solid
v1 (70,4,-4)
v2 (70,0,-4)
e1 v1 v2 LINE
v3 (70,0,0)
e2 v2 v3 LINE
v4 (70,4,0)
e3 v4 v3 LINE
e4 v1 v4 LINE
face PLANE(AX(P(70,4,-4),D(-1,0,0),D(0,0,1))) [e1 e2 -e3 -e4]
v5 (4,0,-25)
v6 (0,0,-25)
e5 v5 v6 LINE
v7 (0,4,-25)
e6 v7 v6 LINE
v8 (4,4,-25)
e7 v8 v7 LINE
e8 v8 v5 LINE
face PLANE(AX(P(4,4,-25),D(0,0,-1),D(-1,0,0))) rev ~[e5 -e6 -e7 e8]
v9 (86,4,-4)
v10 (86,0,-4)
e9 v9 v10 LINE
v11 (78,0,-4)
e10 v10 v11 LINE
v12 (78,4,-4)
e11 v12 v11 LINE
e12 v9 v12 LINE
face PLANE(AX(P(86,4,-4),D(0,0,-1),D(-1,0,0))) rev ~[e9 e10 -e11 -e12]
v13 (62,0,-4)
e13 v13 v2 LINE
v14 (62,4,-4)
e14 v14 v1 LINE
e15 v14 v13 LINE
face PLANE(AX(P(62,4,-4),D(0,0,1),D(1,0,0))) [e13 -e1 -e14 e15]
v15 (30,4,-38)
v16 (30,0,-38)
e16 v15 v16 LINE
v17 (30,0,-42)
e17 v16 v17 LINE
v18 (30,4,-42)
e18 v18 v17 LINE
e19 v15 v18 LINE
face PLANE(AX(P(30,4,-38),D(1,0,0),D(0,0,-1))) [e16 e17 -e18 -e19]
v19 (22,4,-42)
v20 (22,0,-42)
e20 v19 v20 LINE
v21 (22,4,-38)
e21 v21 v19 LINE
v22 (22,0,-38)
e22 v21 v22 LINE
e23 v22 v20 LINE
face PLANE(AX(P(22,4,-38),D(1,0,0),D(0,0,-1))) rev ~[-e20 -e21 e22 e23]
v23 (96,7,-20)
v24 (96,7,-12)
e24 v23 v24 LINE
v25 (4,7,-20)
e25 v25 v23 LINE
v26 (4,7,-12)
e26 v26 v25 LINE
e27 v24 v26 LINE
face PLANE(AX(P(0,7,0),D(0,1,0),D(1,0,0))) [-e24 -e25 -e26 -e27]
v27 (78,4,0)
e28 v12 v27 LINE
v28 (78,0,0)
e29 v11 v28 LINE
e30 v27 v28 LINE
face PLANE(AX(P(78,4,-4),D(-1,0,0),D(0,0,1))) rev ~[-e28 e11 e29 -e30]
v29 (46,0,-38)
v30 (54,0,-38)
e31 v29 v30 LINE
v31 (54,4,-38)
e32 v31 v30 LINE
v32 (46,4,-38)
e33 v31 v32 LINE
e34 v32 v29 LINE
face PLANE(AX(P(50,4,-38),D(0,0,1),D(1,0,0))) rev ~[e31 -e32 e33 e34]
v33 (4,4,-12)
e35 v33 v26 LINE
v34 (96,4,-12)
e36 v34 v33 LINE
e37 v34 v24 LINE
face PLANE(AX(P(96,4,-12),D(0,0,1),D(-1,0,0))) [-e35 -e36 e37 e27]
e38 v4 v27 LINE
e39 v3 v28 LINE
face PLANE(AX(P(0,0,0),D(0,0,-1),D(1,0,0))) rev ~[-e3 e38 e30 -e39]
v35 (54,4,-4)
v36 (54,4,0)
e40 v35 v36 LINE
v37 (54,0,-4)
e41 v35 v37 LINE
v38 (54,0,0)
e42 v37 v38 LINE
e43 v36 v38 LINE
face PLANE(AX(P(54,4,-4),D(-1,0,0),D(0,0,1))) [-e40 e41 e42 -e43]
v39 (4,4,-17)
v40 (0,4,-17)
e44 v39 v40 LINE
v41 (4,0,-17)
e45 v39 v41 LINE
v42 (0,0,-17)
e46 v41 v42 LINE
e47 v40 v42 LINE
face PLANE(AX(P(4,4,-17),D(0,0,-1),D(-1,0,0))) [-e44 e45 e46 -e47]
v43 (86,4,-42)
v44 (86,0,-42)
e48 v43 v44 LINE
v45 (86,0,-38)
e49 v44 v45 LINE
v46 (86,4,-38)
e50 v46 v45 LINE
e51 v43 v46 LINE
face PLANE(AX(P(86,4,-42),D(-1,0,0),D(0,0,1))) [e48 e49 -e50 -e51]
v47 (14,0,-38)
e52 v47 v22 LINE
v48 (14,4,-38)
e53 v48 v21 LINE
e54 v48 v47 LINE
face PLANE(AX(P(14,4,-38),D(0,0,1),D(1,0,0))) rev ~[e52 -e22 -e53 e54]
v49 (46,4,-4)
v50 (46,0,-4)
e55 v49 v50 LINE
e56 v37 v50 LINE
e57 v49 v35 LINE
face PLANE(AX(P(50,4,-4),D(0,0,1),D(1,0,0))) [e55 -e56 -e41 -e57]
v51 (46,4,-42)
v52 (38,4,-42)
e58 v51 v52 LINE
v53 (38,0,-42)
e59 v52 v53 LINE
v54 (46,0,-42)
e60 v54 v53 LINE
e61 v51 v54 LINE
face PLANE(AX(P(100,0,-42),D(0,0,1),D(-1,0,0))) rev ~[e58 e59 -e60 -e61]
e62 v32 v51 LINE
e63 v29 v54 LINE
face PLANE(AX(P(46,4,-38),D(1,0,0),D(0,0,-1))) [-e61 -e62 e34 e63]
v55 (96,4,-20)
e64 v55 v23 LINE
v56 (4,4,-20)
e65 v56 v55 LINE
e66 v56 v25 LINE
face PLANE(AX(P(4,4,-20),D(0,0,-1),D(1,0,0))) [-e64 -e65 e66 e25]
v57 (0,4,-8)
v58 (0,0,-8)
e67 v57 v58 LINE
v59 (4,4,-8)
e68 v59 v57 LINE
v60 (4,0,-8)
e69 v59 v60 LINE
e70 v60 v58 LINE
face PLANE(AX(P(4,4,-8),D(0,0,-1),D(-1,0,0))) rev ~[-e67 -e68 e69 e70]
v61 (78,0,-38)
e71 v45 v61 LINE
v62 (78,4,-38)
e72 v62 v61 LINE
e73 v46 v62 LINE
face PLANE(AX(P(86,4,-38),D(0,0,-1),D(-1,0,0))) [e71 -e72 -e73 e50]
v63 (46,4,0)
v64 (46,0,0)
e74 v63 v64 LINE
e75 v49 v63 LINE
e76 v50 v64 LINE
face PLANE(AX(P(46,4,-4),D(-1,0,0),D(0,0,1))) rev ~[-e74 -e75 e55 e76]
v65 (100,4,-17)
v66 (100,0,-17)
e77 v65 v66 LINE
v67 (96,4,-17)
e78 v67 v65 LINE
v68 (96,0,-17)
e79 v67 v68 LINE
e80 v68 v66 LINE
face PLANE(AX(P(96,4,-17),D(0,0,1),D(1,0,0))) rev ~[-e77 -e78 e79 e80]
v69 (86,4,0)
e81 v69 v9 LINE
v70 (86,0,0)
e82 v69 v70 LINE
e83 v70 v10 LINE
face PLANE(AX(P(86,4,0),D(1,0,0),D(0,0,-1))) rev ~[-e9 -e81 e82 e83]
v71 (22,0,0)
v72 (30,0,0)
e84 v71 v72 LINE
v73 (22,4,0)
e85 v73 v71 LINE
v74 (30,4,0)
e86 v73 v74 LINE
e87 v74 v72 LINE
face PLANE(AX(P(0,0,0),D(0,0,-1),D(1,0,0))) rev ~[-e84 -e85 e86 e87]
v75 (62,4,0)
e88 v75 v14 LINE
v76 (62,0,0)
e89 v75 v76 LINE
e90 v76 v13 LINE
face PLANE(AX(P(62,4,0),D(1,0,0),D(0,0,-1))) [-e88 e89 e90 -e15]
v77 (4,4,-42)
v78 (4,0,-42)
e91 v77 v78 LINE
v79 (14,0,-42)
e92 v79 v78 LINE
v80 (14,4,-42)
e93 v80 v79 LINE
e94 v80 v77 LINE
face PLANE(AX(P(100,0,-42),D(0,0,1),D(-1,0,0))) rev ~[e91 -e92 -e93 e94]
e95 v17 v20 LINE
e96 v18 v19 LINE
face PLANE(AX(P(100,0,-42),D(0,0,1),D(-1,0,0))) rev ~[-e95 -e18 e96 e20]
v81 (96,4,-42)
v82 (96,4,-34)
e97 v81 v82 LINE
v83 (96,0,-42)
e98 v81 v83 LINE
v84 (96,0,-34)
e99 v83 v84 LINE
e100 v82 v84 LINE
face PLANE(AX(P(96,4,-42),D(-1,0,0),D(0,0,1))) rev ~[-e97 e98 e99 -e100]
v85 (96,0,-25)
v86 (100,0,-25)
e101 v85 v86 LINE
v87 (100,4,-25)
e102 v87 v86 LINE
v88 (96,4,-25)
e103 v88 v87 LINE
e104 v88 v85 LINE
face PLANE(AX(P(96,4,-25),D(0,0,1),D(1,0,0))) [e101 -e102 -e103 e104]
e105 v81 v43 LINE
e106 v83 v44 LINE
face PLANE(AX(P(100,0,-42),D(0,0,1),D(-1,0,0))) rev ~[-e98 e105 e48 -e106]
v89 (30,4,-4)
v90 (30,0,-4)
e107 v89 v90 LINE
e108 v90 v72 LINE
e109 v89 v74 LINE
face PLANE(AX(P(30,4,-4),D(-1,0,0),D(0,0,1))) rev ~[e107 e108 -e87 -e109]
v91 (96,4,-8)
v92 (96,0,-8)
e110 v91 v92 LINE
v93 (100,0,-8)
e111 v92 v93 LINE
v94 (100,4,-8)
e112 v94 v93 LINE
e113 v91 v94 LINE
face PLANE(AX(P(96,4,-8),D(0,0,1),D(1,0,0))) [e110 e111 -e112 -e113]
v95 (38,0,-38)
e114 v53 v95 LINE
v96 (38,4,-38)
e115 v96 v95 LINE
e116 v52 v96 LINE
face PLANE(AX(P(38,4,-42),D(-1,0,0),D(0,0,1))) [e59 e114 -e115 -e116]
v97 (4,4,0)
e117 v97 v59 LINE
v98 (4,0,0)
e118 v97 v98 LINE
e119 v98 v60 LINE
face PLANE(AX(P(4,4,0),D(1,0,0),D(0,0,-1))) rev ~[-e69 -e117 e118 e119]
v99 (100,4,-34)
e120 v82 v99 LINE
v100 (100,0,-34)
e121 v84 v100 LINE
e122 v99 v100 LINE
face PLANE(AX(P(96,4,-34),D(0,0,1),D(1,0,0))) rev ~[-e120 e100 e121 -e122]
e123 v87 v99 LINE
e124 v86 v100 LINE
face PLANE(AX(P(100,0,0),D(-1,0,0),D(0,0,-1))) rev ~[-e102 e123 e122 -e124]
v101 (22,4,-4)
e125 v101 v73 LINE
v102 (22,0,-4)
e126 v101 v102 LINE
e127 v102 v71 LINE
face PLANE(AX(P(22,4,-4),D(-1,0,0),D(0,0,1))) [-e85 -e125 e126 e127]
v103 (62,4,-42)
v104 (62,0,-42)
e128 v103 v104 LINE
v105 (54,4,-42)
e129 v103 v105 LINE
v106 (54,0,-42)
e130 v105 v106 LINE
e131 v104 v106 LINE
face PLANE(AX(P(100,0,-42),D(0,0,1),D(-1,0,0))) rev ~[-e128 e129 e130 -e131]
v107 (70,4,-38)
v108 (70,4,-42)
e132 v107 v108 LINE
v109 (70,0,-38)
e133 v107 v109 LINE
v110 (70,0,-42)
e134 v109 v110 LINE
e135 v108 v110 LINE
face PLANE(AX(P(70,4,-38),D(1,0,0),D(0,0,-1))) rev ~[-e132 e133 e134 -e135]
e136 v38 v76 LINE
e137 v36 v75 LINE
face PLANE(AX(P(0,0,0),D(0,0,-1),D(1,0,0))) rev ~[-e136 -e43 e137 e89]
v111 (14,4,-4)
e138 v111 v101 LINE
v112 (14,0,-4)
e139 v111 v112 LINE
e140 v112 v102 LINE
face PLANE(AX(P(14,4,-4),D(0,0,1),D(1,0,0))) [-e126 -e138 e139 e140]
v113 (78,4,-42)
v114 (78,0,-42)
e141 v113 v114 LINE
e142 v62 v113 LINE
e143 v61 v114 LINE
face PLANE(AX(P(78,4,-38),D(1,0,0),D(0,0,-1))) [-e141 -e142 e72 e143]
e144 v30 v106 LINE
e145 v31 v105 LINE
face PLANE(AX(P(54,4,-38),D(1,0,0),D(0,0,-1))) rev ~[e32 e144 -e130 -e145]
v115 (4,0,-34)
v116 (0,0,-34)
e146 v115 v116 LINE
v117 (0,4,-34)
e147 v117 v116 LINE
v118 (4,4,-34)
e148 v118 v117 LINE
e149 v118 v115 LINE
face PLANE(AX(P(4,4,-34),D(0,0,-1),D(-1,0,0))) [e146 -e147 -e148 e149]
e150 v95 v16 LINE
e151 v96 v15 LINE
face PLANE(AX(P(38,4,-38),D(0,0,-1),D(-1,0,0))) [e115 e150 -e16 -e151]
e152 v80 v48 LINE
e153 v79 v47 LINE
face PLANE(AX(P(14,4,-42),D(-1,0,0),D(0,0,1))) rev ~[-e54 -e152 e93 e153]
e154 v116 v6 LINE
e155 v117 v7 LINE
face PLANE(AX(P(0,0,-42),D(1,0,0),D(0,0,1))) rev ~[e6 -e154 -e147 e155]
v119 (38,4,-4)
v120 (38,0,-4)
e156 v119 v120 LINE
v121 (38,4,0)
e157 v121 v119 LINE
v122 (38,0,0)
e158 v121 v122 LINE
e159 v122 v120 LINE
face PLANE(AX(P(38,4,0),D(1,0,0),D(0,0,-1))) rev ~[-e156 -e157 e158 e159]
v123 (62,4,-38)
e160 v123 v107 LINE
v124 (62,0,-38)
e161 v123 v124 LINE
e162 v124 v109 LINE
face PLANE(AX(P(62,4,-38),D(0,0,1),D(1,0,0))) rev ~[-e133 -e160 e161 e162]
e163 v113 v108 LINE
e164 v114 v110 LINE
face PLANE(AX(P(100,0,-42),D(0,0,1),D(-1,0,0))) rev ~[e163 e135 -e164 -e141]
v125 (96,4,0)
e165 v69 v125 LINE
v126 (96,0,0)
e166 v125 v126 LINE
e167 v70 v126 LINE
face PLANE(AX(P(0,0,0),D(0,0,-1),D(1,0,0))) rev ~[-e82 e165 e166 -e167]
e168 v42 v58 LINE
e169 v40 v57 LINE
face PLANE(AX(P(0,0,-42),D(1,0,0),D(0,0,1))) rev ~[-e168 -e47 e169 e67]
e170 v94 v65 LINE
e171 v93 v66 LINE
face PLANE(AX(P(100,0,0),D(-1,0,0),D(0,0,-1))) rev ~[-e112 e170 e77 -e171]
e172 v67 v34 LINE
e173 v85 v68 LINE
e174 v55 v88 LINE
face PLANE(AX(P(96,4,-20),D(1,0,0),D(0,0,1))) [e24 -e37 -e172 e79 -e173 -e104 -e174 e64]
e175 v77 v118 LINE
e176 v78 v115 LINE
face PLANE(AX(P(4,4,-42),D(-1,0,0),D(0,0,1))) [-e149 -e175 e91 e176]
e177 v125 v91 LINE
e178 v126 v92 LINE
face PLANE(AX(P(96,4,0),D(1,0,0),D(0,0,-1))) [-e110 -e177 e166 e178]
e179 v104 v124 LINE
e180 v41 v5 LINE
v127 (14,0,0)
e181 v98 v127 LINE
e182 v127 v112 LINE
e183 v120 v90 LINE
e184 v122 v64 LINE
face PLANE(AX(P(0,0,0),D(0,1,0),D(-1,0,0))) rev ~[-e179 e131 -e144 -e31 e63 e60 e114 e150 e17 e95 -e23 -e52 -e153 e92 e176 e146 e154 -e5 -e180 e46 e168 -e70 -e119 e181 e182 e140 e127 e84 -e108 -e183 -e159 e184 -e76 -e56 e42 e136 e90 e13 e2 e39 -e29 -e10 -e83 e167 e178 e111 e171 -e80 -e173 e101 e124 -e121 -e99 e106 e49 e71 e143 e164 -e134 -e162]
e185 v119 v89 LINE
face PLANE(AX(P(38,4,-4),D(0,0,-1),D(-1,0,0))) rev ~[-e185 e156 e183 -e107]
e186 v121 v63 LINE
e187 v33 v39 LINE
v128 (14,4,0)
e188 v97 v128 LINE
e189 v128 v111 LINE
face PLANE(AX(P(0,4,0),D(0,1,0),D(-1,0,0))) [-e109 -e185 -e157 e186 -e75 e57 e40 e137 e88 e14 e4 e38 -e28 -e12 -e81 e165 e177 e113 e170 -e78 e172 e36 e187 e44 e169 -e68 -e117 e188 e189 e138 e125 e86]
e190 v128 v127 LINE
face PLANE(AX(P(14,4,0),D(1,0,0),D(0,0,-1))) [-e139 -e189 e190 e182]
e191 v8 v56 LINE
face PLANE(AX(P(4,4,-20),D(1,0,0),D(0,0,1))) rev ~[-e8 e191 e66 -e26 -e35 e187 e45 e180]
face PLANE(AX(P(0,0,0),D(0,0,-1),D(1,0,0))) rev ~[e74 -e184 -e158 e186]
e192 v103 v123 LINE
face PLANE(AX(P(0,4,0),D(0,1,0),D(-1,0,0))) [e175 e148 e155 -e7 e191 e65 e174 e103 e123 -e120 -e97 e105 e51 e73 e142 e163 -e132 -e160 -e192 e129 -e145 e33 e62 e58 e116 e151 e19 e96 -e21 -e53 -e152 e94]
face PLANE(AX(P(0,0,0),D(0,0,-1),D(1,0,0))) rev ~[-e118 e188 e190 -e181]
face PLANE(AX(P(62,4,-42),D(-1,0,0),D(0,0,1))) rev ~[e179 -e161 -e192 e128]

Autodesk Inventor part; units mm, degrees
ref_plane "YZ Plane" through (0, 0, 0) normal (1, 0, 0) x (0, 1, 0)
ref_plane "XZ Plane" through (0, 0, 0) normal (0, 1, 0) x (-1, 0, 0)
ref_plane "XY Plane" through (0, 0, 0) normal (0, 0, 1) x (1, 0, 0)
sketch "Sketch1" plane through (0, 0, 0) normal (0, 1, 0) x (-1, 0, 0)
  line L0 (0, 0) -> (-100, 0)
  line L1 (-100, 0) -> (-100, -42)
  line L2 (-100, -42) -> (0, -42)
  line L3 (0, -42) -> (0, 0)
  dimension "d0" = 100
  dimension "d1" = 42
extrude "Extrusion1" add sketch "Sketch1" along normal blind 4
sketch "Sketch2" plane through (0, 4, 0) normal (0, 1, 0) x (1, 0, 0)
  line L0 (0, 0) -> (100, 0) construction
  line L1 (100, 0) -> (100, 42) construction
  line L2 (100, 42) -> (0, 42) construction
  line L3 (0, 42) -> (0, 0) construction
  line L4 (4, 38) -> (96, 38) construction
  line L5 (96, 38) -> (96, 4) construction
  line L6 (96, 4) -> (4, 4) construction
  line L7 (4, 4) -> (4, 38) construction
  line L8 (100, 42) -> (0, 42) projected
  line L9 (4, 42) -> (4, 34)
  line L10 (4, 34) -> (0, 34)
  line L11 (0, 42) -> (0, 0) projected
  line L12 (0, 34) -> (0, 42)
  line L13 (0, 42) -> (4, 42)
  line L14 (0, 21) -> (100, 21) construction
  line L15 (50, 42) -> (50, 0) construction
  line L16 (0, 0) -> (100, 0) construction
  line L17 (0, 21) -> (0, 25)
  line L18 (4, 25) -> (0, 25)
  line L19 (4, 25) -> (4, 21)
  line L20 (14, 42) -> (14, 38)
  line L21 (14, 38) -> (22, 38)
  line L22 (22, 38) -> (22, 42)
  line L23 (14, 42) -> (22, 42)
  line L24 (30, 42) -> (38, 42)
  line L25 (38, 42) -> (38, 38)
  line L26 (38, 38) -> (30, 38)
  line L27 (30, 38) -> (30, 42)
  line L28 (50, 38) -> (46, 38)
  line L29 (46, 38) -> (46, 42)
  line L30 (46, 42) -> (50, 42)
  line L31 (4, 0) -> (4, 8)
  line L32 (4, 8) -> (0, 8)
  line L33 (0, 8) -> (0, 0)
  line L34 (0, 0) -> (4, 0)
  line L35 (0, 21) -> (0, 17)
  line L36 (4, 17) -> (0, 17)
  line L37 (4, 17) -> (4, 21)
  line L38 (14, 0) -> (14, 4)
  line L39 (14, 4) -> (22, 4)
  line L40 (22, 4) -> (22, 0)
  line L41 (14, 0) -> (22, 0)
  line L42 (30, 0) -> (38, 0)
  line L43 (38, 0) -> (38, 4)
  line L44 (38, 4) -> (30, 4)
  line L45 (30, 4) -> (30, 0)
  line L46 (50, 4) -> (46, 4)
  line L47 (46, 4) -> (46, 0)
  line L48 (46, 0) -> (50, 0)
  line L49 (100, 42) -> (100, 0) construction
  line L50 (96, 4) -> (96, 38) construction
  line L51 (96, 42) -> (96, 34)
  line L52 (96, 34) -> (100, 34)
  line L53 (100, 42) -> (100, 0)
  line L54 (100, 34) -> (100, 42)
  line L55 (100, 42) -> (96, 42)
  line L56 (100, 21) -> (100, 25)
  line L57 (96, 25) -> (100, 25)
  line L58 (96, 25) -> (96, 21)
  line L59 (86, 42) -> (86, 38)
  line L60 (86, 38) -> (78, 38)
  line L61 (78, 38) -> (78, 42)
  line L62 (86, 42) -> (78, 42)
  line L63 (70, 42) -> (62, 42)
  line L64 (62, 42) -> (62, 38)
  line L65 (62, 38) -> (70, 38)
  line L66 (70, 38) -> (70, 42)
  line L67 (50, 38) -> (54, 38)
  line L68 (54, 38) -> (54, 42)
  line L69 (54, 42) -> (50, 42)
  line L70 (70, 4) -> (70, 0)
  line L71 (62, 4) -> (70, 4)
  line L72 (70, 0) -> (62, 0)
  line L73 (62, 0) -> (62, 4)
  line L74 (54, 4) -> (54, 0)
  line L75 (50, 4) -> (54, 4)
  line L76 (54, 0) -> (50, 0)
  line L77 (78, 4) -> (78, 0)
  line L78 (86, 4) -> (78, 4)
  line L79 (86, 0) -> (78, 0)
  line L80 (86, 0) -> (86, 4)
  line L81 (96, 0) -> (96, 8)
  line L82 (100, 0) -> (96, 0)
  line L83 (96, 8) -> (100, 8)
  line L84 (100, 8) -> (100, 0)
  line L85 (96, 17) -> (96, 21)
  line L86 (100, 21) -> (100, 17)
  line L87 (96, 17) -> (100, 17)
  dimension "d4" = 4
  dimension "d5" = 4
  dimension "d7" = 8
  dimension "d8" = 8
  dimension "d10" = 8
  dimension "d11" = 8
  dimension "d13" = 4
  dimension "d14" = 8
extrude "Extrusion2" cut sketch "Sketch2" against normal up to surface (4 mm away)
sketch "Sketch3" plane through (0, 4, 0) normal (0, 1, 0) x (1, 0, 0)
  line L0 (4, 25) -> (4, 17) projected
  line L1 (96, 0) -> (96, 8) projected
  line L2 (4, 20) -> (96, 20)
  line L3 (96, 20) -> (96, 12)
  line L4 (96, 12) -> (4, 12)
  line L5 (4, 12) -> (4, 20)
  line L6 (30, 4) -> (38, 4) projected
  point P0 (0, 0)
  dimension "d17" = 8
  dimension "d18" = 8
extrude "Extrusion3" add sketch "Sketch3" along normal blind 3
properties part number "front" material "PBT Plastic Black"
